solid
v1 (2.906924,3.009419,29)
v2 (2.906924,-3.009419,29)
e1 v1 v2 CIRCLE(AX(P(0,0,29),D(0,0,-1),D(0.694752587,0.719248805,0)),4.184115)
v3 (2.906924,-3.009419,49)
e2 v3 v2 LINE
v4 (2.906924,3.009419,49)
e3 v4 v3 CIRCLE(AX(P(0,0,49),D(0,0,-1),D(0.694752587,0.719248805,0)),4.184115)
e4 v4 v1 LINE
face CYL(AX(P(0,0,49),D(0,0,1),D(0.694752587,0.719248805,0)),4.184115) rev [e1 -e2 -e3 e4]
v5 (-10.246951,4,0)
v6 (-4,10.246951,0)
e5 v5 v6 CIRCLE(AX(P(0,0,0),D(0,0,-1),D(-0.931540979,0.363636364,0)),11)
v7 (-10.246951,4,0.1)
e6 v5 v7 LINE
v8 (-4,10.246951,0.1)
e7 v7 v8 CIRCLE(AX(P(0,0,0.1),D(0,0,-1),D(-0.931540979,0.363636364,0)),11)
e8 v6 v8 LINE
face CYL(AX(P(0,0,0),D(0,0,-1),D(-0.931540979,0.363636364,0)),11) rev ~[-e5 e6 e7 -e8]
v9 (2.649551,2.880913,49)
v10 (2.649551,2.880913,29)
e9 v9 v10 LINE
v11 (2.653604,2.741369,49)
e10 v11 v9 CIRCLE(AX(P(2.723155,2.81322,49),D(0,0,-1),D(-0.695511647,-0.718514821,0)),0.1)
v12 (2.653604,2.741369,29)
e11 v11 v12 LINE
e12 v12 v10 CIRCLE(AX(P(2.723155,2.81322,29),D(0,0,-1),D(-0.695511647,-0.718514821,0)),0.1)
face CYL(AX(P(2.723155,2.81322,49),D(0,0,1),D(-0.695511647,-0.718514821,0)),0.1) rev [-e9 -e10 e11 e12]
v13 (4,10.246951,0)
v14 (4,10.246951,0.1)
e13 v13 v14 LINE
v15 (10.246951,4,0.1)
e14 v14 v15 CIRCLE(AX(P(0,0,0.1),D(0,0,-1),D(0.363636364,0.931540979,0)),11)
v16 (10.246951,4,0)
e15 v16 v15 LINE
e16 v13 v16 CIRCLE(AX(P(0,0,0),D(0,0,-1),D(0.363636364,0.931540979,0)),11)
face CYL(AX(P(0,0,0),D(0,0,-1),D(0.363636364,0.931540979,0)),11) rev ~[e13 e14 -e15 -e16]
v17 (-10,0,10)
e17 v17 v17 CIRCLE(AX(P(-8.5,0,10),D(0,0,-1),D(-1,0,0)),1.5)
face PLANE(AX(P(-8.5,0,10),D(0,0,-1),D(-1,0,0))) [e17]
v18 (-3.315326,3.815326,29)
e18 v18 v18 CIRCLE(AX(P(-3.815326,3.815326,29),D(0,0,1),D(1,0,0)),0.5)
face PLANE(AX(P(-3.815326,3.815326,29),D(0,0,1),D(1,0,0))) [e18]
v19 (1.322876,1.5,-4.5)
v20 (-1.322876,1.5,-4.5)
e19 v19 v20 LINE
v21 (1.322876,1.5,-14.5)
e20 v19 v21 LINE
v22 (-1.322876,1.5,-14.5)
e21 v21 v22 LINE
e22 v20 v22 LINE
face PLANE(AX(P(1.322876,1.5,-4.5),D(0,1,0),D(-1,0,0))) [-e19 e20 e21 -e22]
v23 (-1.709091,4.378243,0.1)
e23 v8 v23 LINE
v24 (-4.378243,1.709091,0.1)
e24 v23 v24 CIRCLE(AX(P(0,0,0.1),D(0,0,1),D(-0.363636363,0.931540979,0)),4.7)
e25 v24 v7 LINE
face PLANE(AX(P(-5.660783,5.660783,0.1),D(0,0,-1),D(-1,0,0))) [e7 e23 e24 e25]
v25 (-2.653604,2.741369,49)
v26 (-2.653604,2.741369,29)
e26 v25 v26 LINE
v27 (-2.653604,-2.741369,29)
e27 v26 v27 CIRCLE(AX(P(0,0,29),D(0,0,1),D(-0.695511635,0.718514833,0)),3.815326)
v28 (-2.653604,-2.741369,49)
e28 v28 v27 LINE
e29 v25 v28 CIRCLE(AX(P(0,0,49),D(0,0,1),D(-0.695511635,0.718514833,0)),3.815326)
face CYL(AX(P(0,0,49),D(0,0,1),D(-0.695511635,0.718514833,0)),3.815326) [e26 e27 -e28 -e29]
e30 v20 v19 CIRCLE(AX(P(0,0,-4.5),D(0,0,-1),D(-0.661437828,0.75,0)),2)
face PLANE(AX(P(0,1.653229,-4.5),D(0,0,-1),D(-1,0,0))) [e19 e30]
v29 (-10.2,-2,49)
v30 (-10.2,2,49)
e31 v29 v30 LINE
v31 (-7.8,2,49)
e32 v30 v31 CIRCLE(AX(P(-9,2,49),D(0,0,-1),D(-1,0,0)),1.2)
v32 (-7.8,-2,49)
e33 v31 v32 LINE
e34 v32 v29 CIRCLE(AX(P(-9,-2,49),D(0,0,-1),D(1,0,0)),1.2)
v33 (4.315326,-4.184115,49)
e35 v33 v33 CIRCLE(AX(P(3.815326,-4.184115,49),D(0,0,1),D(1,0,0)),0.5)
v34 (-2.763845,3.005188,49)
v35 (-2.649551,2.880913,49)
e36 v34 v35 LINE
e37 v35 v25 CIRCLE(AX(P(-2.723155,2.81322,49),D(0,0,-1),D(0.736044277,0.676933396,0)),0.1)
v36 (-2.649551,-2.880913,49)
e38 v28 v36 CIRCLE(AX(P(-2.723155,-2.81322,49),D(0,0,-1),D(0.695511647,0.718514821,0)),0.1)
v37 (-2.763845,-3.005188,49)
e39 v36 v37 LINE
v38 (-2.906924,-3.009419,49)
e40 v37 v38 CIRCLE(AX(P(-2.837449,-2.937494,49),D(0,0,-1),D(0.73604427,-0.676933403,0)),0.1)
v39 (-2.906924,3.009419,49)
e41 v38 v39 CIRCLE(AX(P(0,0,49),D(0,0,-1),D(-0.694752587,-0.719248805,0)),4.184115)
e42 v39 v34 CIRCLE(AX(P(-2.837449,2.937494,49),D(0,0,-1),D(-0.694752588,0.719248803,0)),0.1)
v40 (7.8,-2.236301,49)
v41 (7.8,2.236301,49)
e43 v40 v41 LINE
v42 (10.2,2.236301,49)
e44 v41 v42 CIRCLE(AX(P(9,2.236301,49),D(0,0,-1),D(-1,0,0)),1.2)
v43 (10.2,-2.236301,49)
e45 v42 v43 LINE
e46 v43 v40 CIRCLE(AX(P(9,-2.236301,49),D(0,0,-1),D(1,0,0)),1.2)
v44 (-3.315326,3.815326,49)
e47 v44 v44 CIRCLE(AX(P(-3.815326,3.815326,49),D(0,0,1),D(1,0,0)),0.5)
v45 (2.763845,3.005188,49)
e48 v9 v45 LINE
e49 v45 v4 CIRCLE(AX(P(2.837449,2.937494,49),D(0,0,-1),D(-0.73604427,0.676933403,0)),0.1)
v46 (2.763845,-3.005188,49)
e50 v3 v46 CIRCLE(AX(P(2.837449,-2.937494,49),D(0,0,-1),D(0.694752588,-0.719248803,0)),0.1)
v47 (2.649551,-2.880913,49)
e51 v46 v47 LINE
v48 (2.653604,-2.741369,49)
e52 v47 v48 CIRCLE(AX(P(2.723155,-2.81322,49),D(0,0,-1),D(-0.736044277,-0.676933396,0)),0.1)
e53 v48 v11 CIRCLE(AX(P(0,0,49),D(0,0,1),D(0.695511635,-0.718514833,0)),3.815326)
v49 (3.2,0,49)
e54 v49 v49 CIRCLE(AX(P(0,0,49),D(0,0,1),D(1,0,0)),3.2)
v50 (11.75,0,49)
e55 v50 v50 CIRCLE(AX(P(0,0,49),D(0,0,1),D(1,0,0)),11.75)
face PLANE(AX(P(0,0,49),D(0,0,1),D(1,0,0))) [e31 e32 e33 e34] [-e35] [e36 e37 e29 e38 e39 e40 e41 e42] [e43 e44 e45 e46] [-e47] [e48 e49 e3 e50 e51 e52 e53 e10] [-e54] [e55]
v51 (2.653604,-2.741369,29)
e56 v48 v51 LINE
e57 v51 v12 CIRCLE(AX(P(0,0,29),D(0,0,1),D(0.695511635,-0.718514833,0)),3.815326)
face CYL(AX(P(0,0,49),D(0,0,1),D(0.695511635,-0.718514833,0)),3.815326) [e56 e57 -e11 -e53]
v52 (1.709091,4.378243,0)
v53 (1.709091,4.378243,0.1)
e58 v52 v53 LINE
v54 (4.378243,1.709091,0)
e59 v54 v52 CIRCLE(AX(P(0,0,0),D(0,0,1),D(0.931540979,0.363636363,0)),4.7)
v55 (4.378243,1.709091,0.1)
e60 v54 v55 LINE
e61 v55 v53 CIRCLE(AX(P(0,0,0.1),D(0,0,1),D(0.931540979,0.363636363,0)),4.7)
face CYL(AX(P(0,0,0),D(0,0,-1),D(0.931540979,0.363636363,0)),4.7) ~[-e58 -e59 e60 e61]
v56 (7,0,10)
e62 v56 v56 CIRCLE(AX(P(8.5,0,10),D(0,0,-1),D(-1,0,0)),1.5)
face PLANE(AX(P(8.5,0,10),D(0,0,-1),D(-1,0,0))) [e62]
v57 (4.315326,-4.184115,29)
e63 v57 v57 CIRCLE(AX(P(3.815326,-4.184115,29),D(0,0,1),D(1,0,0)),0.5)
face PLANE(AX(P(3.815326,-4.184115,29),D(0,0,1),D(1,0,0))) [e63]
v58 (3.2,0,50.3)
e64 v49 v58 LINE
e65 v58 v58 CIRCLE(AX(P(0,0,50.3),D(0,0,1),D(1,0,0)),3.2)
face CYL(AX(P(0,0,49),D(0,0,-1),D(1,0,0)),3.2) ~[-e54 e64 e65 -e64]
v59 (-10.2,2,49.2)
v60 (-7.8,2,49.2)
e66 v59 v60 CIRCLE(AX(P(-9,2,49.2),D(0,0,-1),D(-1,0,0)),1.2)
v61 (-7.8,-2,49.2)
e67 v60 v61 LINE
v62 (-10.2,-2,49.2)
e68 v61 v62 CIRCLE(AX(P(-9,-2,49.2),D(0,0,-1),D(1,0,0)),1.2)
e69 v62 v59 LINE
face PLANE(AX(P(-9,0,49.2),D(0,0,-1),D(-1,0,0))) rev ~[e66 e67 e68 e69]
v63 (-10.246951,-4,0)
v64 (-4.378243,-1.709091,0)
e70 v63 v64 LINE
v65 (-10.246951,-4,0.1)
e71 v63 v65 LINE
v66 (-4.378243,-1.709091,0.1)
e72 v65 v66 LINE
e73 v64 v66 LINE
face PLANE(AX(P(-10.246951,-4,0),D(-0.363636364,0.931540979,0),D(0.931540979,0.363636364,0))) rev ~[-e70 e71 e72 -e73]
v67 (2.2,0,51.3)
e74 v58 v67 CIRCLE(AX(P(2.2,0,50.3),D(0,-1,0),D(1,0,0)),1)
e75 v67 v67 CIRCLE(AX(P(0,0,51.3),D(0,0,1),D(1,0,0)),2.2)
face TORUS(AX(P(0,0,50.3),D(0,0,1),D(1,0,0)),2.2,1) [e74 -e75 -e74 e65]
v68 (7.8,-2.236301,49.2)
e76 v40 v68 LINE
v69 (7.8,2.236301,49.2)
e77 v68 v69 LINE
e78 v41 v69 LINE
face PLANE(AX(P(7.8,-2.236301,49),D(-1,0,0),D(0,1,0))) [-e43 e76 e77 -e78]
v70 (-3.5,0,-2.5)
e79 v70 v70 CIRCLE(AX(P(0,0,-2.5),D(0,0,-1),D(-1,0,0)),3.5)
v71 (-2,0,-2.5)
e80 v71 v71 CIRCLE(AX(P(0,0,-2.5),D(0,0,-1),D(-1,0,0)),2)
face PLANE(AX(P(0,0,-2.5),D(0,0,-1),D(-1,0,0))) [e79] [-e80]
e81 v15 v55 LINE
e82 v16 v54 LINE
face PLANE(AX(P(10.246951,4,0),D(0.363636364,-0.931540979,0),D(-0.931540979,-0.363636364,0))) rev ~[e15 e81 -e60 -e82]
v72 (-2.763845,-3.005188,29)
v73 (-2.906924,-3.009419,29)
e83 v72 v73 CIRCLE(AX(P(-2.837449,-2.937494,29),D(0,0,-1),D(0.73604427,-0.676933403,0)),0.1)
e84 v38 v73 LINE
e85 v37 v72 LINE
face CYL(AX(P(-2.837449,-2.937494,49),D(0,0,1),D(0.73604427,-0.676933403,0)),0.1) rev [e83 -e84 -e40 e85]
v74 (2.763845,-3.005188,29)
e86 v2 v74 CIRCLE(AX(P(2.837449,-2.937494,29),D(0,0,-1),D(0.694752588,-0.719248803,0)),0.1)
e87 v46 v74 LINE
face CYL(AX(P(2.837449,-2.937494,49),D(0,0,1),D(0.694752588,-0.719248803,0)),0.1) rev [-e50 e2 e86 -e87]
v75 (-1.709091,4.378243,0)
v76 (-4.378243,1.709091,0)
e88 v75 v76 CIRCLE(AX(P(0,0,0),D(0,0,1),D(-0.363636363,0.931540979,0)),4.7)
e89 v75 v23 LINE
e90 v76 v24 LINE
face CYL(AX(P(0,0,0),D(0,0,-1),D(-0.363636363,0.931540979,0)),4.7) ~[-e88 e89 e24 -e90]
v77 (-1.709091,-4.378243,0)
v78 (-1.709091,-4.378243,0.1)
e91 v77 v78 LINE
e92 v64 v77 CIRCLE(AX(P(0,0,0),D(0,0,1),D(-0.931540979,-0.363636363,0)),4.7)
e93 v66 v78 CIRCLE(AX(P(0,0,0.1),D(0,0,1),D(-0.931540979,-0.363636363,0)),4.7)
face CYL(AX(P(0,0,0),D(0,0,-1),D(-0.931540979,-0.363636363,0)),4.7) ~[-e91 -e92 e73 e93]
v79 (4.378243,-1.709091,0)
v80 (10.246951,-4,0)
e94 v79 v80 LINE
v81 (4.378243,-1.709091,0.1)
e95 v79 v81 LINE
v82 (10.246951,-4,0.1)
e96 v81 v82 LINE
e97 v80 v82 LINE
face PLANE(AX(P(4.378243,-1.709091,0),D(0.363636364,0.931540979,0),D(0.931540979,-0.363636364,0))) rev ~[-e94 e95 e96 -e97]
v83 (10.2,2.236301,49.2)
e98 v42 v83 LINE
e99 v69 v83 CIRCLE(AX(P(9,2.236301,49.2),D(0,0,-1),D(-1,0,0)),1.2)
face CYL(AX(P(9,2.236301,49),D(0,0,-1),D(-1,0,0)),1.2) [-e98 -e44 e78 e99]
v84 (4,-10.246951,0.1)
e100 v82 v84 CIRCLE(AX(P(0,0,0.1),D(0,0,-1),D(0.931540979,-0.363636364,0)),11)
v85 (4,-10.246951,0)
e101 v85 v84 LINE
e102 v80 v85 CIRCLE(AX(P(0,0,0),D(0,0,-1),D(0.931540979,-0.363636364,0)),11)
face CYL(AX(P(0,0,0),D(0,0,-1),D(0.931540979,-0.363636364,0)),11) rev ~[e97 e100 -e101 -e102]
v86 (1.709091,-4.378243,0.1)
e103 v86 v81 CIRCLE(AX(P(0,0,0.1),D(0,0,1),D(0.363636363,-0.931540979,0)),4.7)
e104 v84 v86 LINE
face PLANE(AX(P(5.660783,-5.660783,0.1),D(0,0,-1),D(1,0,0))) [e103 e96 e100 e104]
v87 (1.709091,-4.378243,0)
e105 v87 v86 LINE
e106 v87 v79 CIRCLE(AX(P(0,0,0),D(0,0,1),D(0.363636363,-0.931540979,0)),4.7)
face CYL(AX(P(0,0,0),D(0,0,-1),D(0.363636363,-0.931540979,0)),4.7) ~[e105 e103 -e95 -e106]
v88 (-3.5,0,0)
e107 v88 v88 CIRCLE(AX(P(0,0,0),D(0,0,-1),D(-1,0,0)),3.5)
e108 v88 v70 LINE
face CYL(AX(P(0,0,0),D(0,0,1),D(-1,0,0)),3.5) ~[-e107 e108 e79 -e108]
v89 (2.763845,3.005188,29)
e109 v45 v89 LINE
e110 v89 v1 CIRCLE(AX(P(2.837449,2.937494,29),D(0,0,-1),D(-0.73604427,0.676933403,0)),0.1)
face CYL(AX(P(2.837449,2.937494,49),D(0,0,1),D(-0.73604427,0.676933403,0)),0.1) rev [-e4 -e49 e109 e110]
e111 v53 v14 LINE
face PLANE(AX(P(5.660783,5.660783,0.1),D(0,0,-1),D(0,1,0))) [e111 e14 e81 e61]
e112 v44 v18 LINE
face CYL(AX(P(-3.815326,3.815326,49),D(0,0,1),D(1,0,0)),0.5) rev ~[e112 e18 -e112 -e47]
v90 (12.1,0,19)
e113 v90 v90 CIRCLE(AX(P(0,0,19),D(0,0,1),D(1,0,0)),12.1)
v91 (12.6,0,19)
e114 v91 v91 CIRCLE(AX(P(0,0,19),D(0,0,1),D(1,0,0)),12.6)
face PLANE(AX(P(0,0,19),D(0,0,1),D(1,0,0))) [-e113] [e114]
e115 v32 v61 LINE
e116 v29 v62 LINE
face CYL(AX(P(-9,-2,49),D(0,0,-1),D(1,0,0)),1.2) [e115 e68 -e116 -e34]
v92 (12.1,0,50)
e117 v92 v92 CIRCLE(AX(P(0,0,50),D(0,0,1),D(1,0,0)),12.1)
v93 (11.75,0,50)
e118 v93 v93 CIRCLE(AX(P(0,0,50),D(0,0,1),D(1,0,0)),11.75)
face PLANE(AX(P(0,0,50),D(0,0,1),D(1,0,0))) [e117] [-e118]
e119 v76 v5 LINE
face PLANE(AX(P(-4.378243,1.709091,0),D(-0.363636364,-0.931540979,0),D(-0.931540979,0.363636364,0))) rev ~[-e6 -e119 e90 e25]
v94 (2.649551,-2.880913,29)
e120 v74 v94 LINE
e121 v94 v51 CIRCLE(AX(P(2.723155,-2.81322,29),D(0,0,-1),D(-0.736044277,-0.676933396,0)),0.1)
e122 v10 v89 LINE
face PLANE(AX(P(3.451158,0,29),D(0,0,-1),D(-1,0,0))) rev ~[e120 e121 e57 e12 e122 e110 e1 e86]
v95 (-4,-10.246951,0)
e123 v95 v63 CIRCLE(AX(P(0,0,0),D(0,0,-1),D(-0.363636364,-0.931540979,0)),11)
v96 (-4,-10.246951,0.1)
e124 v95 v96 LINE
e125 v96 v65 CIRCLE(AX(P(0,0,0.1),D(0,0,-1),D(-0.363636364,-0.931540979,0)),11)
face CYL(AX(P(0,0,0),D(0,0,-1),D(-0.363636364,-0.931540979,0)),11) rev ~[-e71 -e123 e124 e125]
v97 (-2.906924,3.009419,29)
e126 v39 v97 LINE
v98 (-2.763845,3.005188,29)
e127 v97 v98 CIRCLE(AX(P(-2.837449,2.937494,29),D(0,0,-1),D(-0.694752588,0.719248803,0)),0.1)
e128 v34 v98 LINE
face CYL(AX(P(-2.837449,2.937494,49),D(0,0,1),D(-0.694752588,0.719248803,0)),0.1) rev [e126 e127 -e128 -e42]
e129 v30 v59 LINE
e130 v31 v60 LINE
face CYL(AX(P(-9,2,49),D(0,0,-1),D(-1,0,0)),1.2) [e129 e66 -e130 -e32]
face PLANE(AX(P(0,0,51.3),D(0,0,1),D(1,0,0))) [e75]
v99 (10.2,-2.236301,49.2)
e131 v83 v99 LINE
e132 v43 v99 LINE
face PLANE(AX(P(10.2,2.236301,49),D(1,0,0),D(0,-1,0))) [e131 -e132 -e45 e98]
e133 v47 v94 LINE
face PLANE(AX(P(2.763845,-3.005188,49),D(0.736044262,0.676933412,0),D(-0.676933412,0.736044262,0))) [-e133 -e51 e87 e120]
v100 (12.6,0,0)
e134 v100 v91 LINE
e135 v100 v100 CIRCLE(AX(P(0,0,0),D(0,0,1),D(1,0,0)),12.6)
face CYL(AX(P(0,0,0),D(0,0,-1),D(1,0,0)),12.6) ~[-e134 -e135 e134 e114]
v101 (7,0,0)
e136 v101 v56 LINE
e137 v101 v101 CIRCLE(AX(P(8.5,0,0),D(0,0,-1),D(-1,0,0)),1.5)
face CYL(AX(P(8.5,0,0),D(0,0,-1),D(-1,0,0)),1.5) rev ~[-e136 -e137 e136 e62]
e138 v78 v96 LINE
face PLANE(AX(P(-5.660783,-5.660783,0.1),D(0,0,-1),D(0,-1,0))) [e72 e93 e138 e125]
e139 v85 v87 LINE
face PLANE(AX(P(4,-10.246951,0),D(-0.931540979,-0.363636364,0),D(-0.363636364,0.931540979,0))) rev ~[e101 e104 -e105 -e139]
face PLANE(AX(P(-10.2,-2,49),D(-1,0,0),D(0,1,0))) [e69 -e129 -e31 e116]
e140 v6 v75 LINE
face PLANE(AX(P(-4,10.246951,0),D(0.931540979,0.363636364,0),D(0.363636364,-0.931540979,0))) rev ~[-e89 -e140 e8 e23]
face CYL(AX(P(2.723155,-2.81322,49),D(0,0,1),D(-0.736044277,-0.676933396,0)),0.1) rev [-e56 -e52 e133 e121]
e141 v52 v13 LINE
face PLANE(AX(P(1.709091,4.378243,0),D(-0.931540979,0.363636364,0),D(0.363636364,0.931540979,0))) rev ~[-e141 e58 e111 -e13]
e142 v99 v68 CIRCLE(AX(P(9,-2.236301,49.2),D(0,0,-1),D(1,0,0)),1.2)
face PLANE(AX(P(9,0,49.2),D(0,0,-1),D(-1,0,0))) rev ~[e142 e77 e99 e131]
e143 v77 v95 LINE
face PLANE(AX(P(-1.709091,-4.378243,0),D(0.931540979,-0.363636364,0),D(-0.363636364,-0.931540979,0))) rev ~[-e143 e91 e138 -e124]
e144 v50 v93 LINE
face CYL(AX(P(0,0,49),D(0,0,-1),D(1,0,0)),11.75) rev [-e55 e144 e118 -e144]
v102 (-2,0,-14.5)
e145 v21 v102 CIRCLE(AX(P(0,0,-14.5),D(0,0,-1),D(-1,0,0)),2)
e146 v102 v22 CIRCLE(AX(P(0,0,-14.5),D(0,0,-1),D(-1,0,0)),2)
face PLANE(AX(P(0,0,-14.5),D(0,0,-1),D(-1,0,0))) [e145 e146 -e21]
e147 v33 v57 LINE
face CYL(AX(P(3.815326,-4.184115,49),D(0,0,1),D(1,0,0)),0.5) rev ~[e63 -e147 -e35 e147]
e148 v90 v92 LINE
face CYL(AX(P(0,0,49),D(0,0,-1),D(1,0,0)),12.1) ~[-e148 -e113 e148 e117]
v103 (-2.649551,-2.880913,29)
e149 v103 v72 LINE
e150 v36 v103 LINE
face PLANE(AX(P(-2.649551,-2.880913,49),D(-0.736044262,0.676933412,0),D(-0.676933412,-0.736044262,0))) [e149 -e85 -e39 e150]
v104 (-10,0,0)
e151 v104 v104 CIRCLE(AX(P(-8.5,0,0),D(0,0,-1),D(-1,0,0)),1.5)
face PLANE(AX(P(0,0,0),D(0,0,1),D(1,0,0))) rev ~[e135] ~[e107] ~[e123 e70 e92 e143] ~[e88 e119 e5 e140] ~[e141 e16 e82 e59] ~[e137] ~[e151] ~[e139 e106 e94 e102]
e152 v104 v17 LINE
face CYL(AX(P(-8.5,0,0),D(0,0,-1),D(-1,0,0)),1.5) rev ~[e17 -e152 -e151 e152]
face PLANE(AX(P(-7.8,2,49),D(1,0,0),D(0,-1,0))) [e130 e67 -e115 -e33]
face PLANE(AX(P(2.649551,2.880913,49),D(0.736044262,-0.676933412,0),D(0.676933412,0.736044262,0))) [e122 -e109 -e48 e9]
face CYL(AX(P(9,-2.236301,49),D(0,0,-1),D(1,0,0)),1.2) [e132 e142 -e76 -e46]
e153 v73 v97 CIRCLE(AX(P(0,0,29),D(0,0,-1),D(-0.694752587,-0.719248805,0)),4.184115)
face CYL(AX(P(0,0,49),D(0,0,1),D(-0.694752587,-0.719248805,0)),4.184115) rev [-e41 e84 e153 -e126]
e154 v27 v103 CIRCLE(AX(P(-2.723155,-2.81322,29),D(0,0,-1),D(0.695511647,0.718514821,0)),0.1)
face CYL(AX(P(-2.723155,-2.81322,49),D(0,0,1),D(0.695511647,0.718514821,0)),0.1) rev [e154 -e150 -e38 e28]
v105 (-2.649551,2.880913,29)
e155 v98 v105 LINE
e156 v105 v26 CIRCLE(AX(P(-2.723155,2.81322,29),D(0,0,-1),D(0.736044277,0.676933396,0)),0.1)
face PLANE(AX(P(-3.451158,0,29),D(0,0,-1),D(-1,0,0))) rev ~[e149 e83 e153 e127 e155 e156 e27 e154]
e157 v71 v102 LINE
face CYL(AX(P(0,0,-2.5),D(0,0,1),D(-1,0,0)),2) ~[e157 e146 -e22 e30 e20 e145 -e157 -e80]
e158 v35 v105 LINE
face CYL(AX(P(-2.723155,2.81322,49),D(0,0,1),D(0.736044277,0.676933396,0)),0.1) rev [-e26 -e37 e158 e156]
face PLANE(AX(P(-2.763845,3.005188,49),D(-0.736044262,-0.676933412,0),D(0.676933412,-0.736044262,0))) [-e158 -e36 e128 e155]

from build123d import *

# Parameters (mm, degrees)
SKETCH1_R           = 12.6
BOSS_EXTRUDE1_DEPTH = 19
SKETCH2_R           = 12.1
BOSS_EXTRUDE2_DEPTH = 30
SKETCH3_R           = 12.1
SKETCH3_R_2         = 11.75
BOSS_EXTRUDE3_DEPTH = 1
SKETCH4_R           = 3.2
BOSS_EXTRUDE4_DEPTH = 2.3
FILLET1_R           = 1
BOSS_EXTRUDE5_DEPTH = 0.2
SKETCH6_R           = 0.5
CUT_EXTRUDE1_DEPTH  = 20
CUT_EXTRUDE2_DEPTH  = 0.1
CIRPATTERN1_COUNT   = 4
SKETCH8_R           = 3.5
BOSS_EXTRUDE6_DEPTH = 2.5
SKETCH9_R           = 2
BOSS_EXTRUDE7_DEPTH = 12
CUT_EXTRUDE3_START  = -10
CUT_EXTRUDE3_DEPTH  = 10
SKETCH11_R          = 1.5
CUT_EXTRUDE4_DEPTH  = 10


with BuildPart() as part:
    # Sketch1 → Boss-Extrude1 (new body)
    with BuildSketch(Plane.XY):
        Circle(SKETCH1_R)
    extrude(amount=BOSS_EXTRUDE1_DEPTH)

    # Sketch2 → Boss-Extrude2 (add)
    with BuildSketch(Plane.XY.offset(19)):
        Circle(SKETCH2_R)
    extrude(amount=BOSS_EXTRUDE2_DEPTH)

    # Sketch3 → Boss-Extrude3 (add)
    with BuildSketch(Plane.XY.offset(49)):
        Circle(SKETCH3_R)
        Circle(SKETCH3_R_2, mode=Mode.SUBTRACT)
    extrude(amount=BOSS_EXTRUDE3_DEPTH)

    # Sketch4 → Boss-Extrude4 (add)
    with BuildSketch(Plane.XY.offset(49)):
        Circle(SKETCH4_R)
    extrude(amount=BOSS_EXTRUDE4_DEPTH)

    # Fillet1
    fillet1_edges = [part.edges().sort_by_distance(p)[0] for p in [
        (-3.2, 0, 51.3),
    ]]
    fillet(fillet1_edges, radius=FILLET1_R)

    # Sketch5 → Boss-Extrude5 (add)
    with BuildSketch(Plane.XY.offset(49)):
        with BuildLine():
            Line((-7.8, 2), (-7.8, -2))
            ThreePointArc((-7.8, -2), (-9, -3.2), (-10.2, -2))
            Line((-10.2, -2), (-10.2, 2))
            ThreePointArc((-10.2, 2), (-9, 3.2), (-7.8, 2))
        make_face()
        with BuildLine():
            Line((10.2, 2.236300976), (10.2, -2.236300976))
            ThreePointArc((10.2, -2.236300976), (9, -3.436300976), (7.8, -2.236300976))
            Line((7.8, -2.236300976), (7.8, 2.236300976))
            ThreePointArc((7.8, 2.236300976), (9, 3.436300976), (10.2, 2.236300976))
        make_face()
    extrude(amount=BOSS_EXTRUDE5_DEPTH)

    # Sketch6 → Cut-Extrude1 (cut)
    with BuildSketch(Plane.XY.offset(49)):
        with Locations((-3.815326444, 3.815326444)):
            Circle(SKETCH6_R)
        with Locations((3.815326444, -4.184114524)):
            Circle(SKETCH6_R)
        with BuildLine():
            Line((-2.763844704, 3.00518783), (-2.64955067, 2.880913468))
            ThreePointArc((-2.64955067, 2.880913468), (-2.623197255, 2.81031672), (-2.653603933, 2.741368644))
            ThreePointArc((-2.653603933, 2.741368644), (-3.815326444, 0), (-2.653603933, -2.741368644))
            ThreePointArc((-2.653603933, -2.741368644), (-2.623197255, -2.81031672), (-2.64955067, -2.880913468))
            Line((-2.64955067, -2.880913468), (-2.763844704, -3.00518783))
            ThreePointArc((-2.763844704, -3.00518783), (-2.834492952, -3.037450785), (-2.906924389, -3.00941937))
            ThreePointArc((-2.906924389, -3.00941937), (-4.184114524, 0), (-2.906924389, 3.00941937))
            ThreePointArc((-2.906924389, 3.00941937), (-2.834492952, 3.037450785), (-2.763844704, 3.00518783))
        make_face()
        with BuildLine():
            Line((2.64955067, 2.880913468), (2.763844704, 3.00518783))
            ThreePointArc((2.763844704, 3.00518783), (2.834492952, 3.037450785), (2.906924389, 3.00941937))
            ThreePointArc((2.906924389, 3.00941937), (4.184114524, 0), (2.906924389, -3.00941937))
            ThreePointArc((2.906924389, -3.00941937), (2.834492952, -3.037450785), (2.763844704, -3.00518783))
            Line((2.763844704, -3.00518783), (2.64955067, -2.880913468))
            ThreePointArc((2.64955067, -2.880913468), (2.623197255, -2.81031672), (2.653603933, -2.741368644))
            ThreePointArc((2.653603933, -2.741368644), (3.815326444, 0), (2.653603933, 2.741368644))
            ThreePointArc((2.653603933, 2.741368644), (2.623197255, 2.81031672), (2.64955067, 2.880913468))
        make_face()
    extrude(amount=-CUT_EXTRUDE1_DEPTH, mode=Mode.SUBTRACT)

    # Sketch7 → Cut-Extrude2 (cut)
    with BuildSketch(Plane(origin=(0, 0, 0), x_dir=(-1, 0, 0), z_dir=(0, 0, -1))):
        with BuildLine():
            Line((4, 10.246950766), (1.709090909, 4.3782426))
            ThreePointArc((1.709090909, 4.3782426), (3.323401872, 3.323401872), (4.3782426, 1.709090909))
            Line((4.3782426, 1.709090909), (10.246950766, 4))
            ThreePointArc((10.246950766, 4), (7.778174593, 7.778174593), (4, 10.246950766))
        make_face()
    cut_extrude2 = extrude(amount=-CUT_EXTRUDE2_DEPTH, mode=Mode.SUBTRACT)

    # CirPattern1: Cut-Extrude2 ×4 about axis
    cirpattern1_axis = Axis((0, 0, 0), (0, 0, 1))
    for i in range(1, CIRPATTERN1_COUNT):
        add(cut_extrude2.rotate(cirpattern1_axis, i * 360 / CIRPATTERN1_COUNT), mode=Mode.SUBTRACT)

    # Sketch8 → Boss-Extrude6 (add)
    with BuildSketch(Plane(origin=(0, 0, 0), x_dir=(-1, 0, 0), z_dir=(0, 0, -1))):
        Circle(SKETCH8_R)
    extrude(amount=BOSS_EXTRUDE6_DEPTH)

    # Sketch9 → Boss-Extrude7 (add)
    with BuildSketch(Plane(origin=(0, 0, -2.5), x_dir=(-1, 0, 0), z_dir=(0, 0, -1))):
        Circle(SKETCH9_R)
    extrude(amount=BOSS_EXTRUDE7_DEPTH)

    # Sketch10 → Cut-Extrude3 (cut)
    with BuildSketch(Plane(origin=(0, 0, -14.5), x_dir=(-1, 0, 0), z_dir=(0, 0, -1)).offset(CUT_EXTRUDE3_START)):
        with BuildLine():
            Line((-1.322875656, 1.5), (1.322875656, 1.5))
            ThreePointArc((1.322875656, 1.5), (0, 2), (-1.322875656, 1.5))
        make_face()
    extrude(amount=CUT_EXTRUDE3_DEPTH, mode=Mode.SUBTRACT)

    # Sketch11 → Cut-Extrude4 (cut)
    with BuildSketch(Plane(origin=(0, 0, 0), x_dir=(-1, 0, 0), z_dir=(0, 0, -1))):
        with Locations((-8.5, 0)):
            Circle(SKETCH11_R)
        with Locations((8.5, 0)):
            Circle(SKETCH11_R)
    extrude(amount=-CUT_EXTRUDE4_DEPTH, mode=Mode.SUBTRACT)


solid = part.part
